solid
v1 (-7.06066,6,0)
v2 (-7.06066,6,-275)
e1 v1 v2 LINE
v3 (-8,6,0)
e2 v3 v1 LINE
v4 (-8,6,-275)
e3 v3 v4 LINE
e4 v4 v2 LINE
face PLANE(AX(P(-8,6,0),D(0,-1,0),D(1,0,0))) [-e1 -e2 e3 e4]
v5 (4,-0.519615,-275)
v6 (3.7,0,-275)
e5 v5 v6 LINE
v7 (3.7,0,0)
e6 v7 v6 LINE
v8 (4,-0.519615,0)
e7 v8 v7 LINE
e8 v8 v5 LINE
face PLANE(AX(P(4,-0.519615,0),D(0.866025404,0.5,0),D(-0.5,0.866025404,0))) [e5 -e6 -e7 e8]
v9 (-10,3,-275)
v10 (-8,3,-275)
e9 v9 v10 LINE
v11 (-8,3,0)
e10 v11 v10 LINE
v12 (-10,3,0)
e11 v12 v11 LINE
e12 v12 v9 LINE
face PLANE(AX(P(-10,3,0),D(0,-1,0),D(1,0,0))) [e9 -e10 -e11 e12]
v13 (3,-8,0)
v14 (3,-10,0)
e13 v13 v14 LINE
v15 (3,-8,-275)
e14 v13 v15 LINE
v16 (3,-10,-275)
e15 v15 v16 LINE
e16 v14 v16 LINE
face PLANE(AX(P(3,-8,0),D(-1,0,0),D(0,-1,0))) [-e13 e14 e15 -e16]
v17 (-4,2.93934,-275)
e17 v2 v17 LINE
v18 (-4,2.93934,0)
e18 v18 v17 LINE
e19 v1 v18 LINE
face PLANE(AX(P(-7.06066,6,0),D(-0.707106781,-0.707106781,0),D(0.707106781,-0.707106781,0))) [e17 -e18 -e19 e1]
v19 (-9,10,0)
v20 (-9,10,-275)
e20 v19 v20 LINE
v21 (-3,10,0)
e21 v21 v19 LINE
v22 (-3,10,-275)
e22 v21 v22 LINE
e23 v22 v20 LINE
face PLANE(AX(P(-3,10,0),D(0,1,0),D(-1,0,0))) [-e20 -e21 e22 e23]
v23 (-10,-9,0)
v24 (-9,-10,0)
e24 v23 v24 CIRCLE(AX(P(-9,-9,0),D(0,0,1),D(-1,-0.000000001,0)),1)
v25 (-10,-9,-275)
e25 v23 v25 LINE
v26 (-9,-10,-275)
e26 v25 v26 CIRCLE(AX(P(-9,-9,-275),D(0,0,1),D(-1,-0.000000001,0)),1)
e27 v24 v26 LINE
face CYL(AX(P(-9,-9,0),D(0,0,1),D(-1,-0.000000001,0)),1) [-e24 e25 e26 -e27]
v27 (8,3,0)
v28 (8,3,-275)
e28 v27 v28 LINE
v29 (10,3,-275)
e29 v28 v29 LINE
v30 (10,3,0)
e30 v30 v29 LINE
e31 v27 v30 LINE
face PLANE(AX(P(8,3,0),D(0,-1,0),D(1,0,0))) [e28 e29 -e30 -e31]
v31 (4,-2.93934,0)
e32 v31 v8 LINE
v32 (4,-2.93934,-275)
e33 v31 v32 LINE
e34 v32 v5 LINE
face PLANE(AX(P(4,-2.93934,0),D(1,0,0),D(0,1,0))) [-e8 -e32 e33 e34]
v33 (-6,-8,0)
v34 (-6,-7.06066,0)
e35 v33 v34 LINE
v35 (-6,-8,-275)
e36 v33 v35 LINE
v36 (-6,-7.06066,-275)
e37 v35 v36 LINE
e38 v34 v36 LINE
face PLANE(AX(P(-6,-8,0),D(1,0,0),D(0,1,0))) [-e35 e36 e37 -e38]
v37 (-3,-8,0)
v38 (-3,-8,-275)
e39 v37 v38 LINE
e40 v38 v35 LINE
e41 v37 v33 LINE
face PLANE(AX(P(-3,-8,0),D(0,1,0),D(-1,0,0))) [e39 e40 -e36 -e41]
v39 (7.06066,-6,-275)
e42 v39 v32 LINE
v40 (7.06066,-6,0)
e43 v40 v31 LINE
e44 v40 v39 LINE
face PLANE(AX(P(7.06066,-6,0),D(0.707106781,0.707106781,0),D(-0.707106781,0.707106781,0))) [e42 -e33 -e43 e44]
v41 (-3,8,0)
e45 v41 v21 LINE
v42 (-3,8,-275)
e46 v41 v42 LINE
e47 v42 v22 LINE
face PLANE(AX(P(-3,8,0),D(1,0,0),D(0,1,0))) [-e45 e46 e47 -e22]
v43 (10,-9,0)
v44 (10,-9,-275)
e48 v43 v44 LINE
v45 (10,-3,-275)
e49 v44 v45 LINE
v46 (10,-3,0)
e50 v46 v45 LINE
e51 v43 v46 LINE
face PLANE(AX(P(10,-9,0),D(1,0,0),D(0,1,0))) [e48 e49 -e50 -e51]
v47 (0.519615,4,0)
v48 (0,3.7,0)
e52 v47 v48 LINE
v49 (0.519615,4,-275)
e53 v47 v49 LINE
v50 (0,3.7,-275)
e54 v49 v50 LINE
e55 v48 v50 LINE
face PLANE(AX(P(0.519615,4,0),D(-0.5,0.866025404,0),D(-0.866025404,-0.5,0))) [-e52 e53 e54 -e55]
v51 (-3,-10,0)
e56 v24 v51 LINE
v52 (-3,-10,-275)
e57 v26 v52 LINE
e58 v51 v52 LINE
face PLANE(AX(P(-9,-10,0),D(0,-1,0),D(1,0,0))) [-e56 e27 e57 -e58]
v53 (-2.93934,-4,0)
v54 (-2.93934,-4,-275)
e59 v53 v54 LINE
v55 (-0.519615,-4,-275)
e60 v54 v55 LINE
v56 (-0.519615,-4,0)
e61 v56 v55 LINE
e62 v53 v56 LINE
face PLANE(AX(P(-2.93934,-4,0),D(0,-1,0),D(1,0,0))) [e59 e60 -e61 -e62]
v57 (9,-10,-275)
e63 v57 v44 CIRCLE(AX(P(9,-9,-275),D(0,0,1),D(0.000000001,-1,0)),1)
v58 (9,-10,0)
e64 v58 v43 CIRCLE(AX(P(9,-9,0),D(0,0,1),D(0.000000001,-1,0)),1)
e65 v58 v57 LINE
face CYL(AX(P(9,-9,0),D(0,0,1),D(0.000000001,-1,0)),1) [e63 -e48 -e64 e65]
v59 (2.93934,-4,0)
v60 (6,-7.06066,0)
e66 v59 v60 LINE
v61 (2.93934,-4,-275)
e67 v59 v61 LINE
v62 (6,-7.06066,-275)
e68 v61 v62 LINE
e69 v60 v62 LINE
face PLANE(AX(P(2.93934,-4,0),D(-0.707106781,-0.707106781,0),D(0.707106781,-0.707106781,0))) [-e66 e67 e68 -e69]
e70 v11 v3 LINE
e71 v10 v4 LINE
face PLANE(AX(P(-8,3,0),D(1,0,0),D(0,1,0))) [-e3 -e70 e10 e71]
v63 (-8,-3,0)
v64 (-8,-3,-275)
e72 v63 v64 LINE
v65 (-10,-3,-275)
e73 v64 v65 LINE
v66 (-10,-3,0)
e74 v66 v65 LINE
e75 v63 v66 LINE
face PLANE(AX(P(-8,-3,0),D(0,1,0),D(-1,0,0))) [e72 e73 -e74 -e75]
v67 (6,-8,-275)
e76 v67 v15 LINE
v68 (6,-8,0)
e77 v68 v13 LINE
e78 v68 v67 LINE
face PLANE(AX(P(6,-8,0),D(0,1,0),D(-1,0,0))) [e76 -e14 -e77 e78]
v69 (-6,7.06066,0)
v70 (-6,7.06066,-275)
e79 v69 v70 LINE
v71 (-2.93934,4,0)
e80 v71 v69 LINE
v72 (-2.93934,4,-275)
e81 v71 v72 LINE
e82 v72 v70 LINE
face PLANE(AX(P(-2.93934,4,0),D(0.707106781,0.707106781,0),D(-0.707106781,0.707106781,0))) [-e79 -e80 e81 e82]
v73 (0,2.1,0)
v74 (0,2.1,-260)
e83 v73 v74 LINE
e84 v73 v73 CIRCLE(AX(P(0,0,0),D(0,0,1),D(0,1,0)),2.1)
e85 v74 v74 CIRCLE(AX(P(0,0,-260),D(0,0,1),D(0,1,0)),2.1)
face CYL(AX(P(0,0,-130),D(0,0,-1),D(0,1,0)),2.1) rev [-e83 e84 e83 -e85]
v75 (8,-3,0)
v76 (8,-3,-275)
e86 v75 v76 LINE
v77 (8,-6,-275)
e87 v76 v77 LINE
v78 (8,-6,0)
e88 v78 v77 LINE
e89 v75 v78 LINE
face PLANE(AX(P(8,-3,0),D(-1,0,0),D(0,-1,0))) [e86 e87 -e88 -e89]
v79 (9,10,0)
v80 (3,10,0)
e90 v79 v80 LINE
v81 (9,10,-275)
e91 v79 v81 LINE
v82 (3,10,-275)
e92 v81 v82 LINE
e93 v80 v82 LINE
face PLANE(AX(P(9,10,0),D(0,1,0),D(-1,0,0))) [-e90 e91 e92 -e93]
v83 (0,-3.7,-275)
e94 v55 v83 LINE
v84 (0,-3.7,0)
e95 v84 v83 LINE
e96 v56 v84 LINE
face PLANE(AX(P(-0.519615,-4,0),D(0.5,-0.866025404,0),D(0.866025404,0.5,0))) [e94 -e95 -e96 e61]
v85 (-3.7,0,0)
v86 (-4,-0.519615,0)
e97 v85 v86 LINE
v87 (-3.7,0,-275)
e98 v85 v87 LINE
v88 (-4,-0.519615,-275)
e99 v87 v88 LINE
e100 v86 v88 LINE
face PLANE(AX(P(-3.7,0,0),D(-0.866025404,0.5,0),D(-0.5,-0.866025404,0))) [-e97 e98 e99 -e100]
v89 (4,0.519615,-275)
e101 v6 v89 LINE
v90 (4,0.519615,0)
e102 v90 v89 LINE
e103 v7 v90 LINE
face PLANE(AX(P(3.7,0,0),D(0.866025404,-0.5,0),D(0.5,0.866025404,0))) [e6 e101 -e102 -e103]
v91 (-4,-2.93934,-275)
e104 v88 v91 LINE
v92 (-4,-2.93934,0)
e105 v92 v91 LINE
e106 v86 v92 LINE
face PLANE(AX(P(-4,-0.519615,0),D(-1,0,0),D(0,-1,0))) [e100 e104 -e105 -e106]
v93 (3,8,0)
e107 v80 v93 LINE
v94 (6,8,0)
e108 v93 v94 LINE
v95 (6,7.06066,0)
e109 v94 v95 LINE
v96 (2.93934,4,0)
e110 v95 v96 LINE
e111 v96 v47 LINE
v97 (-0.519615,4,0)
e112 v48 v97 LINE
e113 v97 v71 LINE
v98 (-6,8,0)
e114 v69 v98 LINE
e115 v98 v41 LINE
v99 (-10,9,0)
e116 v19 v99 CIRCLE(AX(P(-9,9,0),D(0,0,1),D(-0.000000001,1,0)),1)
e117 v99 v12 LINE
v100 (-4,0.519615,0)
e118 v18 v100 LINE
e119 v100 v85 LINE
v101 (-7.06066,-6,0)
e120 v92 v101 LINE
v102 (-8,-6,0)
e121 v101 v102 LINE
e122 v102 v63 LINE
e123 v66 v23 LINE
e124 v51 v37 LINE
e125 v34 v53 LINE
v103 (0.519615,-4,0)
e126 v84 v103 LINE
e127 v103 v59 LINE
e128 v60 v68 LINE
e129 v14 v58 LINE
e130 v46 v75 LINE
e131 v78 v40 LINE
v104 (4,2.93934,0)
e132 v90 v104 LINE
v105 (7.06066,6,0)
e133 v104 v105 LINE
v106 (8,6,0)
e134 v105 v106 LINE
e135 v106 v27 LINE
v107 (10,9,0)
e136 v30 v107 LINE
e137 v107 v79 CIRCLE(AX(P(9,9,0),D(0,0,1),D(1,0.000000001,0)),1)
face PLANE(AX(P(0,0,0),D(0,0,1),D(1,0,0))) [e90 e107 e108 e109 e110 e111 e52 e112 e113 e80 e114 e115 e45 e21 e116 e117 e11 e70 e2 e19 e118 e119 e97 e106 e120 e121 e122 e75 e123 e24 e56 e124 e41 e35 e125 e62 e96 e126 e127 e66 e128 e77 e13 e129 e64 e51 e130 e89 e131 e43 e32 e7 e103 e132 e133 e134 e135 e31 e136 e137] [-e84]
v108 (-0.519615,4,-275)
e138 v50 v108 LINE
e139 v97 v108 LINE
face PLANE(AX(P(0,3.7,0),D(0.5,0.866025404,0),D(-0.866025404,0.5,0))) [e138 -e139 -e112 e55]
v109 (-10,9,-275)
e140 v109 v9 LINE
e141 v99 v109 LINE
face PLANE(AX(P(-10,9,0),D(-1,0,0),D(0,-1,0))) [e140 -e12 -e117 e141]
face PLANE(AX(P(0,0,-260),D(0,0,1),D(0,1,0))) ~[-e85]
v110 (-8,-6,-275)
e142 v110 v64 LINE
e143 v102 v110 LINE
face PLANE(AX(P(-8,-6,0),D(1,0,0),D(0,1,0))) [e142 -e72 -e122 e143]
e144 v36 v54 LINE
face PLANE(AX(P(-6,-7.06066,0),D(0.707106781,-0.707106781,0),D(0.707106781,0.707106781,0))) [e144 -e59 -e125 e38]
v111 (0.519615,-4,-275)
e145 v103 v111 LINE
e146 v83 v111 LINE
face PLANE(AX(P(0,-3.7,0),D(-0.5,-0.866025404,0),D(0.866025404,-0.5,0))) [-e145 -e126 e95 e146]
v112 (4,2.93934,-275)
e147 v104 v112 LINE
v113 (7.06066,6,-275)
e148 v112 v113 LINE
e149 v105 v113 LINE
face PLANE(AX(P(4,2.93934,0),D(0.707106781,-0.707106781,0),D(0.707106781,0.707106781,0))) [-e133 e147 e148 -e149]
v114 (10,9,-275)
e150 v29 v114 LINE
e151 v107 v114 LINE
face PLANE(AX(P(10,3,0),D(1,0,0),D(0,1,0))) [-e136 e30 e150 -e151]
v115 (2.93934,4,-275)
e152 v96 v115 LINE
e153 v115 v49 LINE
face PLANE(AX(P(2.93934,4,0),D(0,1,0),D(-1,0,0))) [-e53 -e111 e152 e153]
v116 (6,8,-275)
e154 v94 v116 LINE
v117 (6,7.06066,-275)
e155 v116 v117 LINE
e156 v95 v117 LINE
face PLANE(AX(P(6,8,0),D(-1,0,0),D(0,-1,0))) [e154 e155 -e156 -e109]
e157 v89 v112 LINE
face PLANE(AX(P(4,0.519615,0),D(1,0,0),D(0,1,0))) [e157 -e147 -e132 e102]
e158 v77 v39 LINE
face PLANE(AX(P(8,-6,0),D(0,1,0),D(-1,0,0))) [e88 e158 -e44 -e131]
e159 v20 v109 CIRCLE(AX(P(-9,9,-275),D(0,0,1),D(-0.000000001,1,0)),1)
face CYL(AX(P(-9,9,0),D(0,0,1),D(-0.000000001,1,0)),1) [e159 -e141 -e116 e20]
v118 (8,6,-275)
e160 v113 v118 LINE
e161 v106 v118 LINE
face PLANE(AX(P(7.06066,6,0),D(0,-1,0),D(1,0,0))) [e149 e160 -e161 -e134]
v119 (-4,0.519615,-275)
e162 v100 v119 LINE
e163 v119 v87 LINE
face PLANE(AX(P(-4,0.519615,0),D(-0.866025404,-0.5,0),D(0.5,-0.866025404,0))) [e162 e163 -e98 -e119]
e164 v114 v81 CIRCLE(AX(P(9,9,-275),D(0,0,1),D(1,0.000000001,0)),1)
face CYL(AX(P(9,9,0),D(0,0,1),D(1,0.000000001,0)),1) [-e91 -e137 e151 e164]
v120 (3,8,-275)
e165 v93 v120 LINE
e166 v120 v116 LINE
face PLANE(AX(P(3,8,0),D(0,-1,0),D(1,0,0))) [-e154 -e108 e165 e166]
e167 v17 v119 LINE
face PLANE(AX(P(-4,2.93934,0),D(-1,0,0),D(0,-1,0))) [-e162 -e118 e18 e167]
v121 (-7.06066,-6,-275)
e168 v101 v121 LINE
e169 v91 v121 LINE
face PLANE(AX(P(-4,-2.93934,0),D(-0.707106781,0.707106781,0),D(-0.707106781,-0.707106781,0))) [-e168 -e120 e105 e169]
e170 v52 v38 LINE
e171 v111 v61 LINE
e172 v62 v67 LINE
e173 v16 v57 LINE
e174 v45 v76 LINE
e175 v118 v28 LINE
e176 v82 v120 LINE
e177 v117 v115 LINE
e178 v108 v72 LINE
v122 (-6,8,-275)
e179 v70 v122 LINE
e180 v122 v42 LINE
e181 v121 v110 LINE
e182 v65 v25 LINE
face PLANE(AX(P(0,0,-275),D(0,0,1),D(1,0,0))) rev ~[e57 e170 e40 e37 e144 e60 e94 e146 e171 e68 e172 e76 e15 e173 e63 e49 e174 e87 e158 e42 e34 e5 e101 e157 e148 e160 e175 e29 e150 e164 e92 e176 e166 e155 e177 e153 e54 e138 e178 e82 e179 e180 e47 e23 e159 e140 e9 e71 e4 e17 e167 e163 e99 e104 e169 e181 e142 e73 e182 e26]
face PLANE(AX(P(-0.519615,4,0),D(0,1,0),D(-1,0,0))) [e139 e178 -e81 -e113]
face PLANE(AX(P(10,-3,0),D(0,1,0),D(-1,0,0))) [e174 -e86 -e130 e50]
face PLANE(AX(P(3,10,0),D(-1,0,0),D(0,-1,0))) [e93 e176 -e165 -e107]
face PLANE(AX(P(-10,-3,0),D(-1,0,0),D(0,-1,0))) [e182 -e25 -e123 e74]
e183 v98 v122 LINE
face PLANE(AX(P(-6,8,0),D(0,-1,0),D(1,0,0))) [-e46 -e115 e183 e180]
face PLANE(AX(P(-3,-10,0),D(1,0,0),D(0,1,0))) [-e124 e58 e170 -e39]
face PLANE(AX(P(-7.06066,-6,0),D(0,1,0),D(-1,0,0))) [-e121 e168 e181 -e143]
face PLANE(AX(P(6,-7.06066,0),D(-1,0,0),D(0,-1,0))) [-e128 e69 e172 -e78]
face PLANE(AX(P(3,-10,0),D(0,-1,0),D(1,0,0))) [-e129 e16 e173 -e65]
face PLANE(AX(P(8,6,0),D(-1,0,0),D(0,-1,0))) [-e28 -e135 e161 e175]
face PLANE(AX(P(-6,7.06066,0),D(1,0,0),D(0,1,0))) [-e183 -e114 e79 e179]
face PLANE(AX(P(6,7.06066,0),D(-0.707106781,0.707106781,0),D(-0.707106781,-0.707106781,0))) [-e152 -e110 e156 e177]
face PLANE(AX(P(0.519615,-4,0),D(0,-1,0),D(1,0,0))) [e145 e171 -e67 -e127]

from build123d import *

# Parameters (mm, degrees)
EXTRUDE_1_DEPTH = 275
SKETCH_2_W      = 260
SKETCH_2_H      = 2.1


with BuildPart() as part:
    # ｽｹｯﾁ1 → ﾎﾞｽ - 押し出し1 (new body)
    with BuildSketch(Plane.XY):
        with BuildLine():
            Line((-10, -3), (-10, -9))
            ThreePointArc((-10, -9), (-9.707106781, -9.707106781), (-9, -10))
            Line((-9, -10), (-3, -10))
            Line((-3, -10), (-3, -8))
            Line((-3, -8), (-6, -8))
            Line((-6, -8), (-6, -7.060660172))
            Line((-6, -7.060660172), (-2.939339828, -4))
            Line((-2.939339828, -4), (-0.519615242, -4))
            Line((-0.519615242, -4), (0, -3.7))
            Line((0, -3.7), (0.519615242, -4))
            Line((0.519615242, -4), (2.939339828, -4))
            Line((2.939339828, -4), (6, -7.060660172))
            Line((6, -7.060660172), (6, -8))
            Line((6, -8), (3, -8))
            Line((3, -8), (3, -10))
            Line((3, -10), (9, -10))
            ThreePointArc((9, -10), (9.707106781, -9.707106781), (10, -9))
            Line((10, -9), (10, -3))
            Line((10, -3), (8, -3))
            Line((8, -3), (8, -6))
            Line((8, -6), (7.060660172, -6))
            Line((7.060660172, -6), (4, -2.939339828))
            Line((4, -2.939339828), (4, -0.519615242))
            Line((4, -0.519615242), (3.7, 0))
            Line((3.7, 0), (4, 0.519615242))
            Line((4, 0.519615242), (4, 2.939339828))
            Line((4, 2.939339828), (7.060660172, 6))
            Line((7.060660172, 6), (8, 6))
            Line((8, 6), (8, 3))
            Line((8, 3), (10, 3))
            Line((10, 3), (10, 9))
            ThreePointArc((10, 9), (9.707106781, 9.707106781), (9, 10))
            Line((9, 10), (3, 10))
            Line((3, 10), (3, 8))
            Line((3, 8), (6, 8))
            Line((6, 8), (6, 7.060660172))
            Line((6, 7.060660172), (2.939339828, 4))
            Line((2.939339828, 4), (0.519615242, 4))
            Line((0.519615242, 4), (0, 3.7))
            Line((0, 3.7), (-0.519615242, 4))
            Line((-0.519615242, 4), (-2.939339828, 4))
            Line((-2.939339828, 4), (-6, 7.060660172))
            Line((-6, 7.060660172), (-6, 8))
            Line((-6, 8), (-3, 8))
            Line((-3, 8), (-3, 10))
            Line((-3, 10), (-9, 10))
            ThreePointArc((-9, 10), (-9.707106781, 9.707106781), (-10, 9))
            Line((-10, 9), (-10, 3))
            Line((-10, 3), (-8, 3))
            Line((-8, 3), (-8, 6))
            Line((-8, 6), (-7.060660172, 6))
            Line((-7.060660172, 6), (-4, 2.939339828))
            Line((-4, 2.939339828), (-4, 0.519615242))
            Line((-4, 0.519615242), (-3.7, 0))
            Line((-3.7, 0), (-4, -0.519615242))
            Line((-4, -0.519615242), (-4, -2.939339828))
            Line((-4, -2.939339828), (-7.060660172, -6))
            Line((-7.060660172, -6), (-8, -6))
            Line((-8, -6), (-8, -3))
            Line((-8, -3), (-10, -3))
        make_face()
    extrude(amount=-EXTRUDE_1_DEPTH)

    # ｽｹｯﾁ2 → ｶｯﾄ - 回転1 (revolve, cut)
    with BuildSketch(Plane(origin=(0, 0, 0), x_dir=(0, 0, -1), z_dir=(1, 0, 0))):
        with Locations((130, 1.05)):
            Rectangle(SKETCH_2_W, SKETCH_2_H)
    revolve(axis=Axis((0, 0, -260), (0, 0, 1)), mode=Mode.SUBTRACT)


solid = part.part
